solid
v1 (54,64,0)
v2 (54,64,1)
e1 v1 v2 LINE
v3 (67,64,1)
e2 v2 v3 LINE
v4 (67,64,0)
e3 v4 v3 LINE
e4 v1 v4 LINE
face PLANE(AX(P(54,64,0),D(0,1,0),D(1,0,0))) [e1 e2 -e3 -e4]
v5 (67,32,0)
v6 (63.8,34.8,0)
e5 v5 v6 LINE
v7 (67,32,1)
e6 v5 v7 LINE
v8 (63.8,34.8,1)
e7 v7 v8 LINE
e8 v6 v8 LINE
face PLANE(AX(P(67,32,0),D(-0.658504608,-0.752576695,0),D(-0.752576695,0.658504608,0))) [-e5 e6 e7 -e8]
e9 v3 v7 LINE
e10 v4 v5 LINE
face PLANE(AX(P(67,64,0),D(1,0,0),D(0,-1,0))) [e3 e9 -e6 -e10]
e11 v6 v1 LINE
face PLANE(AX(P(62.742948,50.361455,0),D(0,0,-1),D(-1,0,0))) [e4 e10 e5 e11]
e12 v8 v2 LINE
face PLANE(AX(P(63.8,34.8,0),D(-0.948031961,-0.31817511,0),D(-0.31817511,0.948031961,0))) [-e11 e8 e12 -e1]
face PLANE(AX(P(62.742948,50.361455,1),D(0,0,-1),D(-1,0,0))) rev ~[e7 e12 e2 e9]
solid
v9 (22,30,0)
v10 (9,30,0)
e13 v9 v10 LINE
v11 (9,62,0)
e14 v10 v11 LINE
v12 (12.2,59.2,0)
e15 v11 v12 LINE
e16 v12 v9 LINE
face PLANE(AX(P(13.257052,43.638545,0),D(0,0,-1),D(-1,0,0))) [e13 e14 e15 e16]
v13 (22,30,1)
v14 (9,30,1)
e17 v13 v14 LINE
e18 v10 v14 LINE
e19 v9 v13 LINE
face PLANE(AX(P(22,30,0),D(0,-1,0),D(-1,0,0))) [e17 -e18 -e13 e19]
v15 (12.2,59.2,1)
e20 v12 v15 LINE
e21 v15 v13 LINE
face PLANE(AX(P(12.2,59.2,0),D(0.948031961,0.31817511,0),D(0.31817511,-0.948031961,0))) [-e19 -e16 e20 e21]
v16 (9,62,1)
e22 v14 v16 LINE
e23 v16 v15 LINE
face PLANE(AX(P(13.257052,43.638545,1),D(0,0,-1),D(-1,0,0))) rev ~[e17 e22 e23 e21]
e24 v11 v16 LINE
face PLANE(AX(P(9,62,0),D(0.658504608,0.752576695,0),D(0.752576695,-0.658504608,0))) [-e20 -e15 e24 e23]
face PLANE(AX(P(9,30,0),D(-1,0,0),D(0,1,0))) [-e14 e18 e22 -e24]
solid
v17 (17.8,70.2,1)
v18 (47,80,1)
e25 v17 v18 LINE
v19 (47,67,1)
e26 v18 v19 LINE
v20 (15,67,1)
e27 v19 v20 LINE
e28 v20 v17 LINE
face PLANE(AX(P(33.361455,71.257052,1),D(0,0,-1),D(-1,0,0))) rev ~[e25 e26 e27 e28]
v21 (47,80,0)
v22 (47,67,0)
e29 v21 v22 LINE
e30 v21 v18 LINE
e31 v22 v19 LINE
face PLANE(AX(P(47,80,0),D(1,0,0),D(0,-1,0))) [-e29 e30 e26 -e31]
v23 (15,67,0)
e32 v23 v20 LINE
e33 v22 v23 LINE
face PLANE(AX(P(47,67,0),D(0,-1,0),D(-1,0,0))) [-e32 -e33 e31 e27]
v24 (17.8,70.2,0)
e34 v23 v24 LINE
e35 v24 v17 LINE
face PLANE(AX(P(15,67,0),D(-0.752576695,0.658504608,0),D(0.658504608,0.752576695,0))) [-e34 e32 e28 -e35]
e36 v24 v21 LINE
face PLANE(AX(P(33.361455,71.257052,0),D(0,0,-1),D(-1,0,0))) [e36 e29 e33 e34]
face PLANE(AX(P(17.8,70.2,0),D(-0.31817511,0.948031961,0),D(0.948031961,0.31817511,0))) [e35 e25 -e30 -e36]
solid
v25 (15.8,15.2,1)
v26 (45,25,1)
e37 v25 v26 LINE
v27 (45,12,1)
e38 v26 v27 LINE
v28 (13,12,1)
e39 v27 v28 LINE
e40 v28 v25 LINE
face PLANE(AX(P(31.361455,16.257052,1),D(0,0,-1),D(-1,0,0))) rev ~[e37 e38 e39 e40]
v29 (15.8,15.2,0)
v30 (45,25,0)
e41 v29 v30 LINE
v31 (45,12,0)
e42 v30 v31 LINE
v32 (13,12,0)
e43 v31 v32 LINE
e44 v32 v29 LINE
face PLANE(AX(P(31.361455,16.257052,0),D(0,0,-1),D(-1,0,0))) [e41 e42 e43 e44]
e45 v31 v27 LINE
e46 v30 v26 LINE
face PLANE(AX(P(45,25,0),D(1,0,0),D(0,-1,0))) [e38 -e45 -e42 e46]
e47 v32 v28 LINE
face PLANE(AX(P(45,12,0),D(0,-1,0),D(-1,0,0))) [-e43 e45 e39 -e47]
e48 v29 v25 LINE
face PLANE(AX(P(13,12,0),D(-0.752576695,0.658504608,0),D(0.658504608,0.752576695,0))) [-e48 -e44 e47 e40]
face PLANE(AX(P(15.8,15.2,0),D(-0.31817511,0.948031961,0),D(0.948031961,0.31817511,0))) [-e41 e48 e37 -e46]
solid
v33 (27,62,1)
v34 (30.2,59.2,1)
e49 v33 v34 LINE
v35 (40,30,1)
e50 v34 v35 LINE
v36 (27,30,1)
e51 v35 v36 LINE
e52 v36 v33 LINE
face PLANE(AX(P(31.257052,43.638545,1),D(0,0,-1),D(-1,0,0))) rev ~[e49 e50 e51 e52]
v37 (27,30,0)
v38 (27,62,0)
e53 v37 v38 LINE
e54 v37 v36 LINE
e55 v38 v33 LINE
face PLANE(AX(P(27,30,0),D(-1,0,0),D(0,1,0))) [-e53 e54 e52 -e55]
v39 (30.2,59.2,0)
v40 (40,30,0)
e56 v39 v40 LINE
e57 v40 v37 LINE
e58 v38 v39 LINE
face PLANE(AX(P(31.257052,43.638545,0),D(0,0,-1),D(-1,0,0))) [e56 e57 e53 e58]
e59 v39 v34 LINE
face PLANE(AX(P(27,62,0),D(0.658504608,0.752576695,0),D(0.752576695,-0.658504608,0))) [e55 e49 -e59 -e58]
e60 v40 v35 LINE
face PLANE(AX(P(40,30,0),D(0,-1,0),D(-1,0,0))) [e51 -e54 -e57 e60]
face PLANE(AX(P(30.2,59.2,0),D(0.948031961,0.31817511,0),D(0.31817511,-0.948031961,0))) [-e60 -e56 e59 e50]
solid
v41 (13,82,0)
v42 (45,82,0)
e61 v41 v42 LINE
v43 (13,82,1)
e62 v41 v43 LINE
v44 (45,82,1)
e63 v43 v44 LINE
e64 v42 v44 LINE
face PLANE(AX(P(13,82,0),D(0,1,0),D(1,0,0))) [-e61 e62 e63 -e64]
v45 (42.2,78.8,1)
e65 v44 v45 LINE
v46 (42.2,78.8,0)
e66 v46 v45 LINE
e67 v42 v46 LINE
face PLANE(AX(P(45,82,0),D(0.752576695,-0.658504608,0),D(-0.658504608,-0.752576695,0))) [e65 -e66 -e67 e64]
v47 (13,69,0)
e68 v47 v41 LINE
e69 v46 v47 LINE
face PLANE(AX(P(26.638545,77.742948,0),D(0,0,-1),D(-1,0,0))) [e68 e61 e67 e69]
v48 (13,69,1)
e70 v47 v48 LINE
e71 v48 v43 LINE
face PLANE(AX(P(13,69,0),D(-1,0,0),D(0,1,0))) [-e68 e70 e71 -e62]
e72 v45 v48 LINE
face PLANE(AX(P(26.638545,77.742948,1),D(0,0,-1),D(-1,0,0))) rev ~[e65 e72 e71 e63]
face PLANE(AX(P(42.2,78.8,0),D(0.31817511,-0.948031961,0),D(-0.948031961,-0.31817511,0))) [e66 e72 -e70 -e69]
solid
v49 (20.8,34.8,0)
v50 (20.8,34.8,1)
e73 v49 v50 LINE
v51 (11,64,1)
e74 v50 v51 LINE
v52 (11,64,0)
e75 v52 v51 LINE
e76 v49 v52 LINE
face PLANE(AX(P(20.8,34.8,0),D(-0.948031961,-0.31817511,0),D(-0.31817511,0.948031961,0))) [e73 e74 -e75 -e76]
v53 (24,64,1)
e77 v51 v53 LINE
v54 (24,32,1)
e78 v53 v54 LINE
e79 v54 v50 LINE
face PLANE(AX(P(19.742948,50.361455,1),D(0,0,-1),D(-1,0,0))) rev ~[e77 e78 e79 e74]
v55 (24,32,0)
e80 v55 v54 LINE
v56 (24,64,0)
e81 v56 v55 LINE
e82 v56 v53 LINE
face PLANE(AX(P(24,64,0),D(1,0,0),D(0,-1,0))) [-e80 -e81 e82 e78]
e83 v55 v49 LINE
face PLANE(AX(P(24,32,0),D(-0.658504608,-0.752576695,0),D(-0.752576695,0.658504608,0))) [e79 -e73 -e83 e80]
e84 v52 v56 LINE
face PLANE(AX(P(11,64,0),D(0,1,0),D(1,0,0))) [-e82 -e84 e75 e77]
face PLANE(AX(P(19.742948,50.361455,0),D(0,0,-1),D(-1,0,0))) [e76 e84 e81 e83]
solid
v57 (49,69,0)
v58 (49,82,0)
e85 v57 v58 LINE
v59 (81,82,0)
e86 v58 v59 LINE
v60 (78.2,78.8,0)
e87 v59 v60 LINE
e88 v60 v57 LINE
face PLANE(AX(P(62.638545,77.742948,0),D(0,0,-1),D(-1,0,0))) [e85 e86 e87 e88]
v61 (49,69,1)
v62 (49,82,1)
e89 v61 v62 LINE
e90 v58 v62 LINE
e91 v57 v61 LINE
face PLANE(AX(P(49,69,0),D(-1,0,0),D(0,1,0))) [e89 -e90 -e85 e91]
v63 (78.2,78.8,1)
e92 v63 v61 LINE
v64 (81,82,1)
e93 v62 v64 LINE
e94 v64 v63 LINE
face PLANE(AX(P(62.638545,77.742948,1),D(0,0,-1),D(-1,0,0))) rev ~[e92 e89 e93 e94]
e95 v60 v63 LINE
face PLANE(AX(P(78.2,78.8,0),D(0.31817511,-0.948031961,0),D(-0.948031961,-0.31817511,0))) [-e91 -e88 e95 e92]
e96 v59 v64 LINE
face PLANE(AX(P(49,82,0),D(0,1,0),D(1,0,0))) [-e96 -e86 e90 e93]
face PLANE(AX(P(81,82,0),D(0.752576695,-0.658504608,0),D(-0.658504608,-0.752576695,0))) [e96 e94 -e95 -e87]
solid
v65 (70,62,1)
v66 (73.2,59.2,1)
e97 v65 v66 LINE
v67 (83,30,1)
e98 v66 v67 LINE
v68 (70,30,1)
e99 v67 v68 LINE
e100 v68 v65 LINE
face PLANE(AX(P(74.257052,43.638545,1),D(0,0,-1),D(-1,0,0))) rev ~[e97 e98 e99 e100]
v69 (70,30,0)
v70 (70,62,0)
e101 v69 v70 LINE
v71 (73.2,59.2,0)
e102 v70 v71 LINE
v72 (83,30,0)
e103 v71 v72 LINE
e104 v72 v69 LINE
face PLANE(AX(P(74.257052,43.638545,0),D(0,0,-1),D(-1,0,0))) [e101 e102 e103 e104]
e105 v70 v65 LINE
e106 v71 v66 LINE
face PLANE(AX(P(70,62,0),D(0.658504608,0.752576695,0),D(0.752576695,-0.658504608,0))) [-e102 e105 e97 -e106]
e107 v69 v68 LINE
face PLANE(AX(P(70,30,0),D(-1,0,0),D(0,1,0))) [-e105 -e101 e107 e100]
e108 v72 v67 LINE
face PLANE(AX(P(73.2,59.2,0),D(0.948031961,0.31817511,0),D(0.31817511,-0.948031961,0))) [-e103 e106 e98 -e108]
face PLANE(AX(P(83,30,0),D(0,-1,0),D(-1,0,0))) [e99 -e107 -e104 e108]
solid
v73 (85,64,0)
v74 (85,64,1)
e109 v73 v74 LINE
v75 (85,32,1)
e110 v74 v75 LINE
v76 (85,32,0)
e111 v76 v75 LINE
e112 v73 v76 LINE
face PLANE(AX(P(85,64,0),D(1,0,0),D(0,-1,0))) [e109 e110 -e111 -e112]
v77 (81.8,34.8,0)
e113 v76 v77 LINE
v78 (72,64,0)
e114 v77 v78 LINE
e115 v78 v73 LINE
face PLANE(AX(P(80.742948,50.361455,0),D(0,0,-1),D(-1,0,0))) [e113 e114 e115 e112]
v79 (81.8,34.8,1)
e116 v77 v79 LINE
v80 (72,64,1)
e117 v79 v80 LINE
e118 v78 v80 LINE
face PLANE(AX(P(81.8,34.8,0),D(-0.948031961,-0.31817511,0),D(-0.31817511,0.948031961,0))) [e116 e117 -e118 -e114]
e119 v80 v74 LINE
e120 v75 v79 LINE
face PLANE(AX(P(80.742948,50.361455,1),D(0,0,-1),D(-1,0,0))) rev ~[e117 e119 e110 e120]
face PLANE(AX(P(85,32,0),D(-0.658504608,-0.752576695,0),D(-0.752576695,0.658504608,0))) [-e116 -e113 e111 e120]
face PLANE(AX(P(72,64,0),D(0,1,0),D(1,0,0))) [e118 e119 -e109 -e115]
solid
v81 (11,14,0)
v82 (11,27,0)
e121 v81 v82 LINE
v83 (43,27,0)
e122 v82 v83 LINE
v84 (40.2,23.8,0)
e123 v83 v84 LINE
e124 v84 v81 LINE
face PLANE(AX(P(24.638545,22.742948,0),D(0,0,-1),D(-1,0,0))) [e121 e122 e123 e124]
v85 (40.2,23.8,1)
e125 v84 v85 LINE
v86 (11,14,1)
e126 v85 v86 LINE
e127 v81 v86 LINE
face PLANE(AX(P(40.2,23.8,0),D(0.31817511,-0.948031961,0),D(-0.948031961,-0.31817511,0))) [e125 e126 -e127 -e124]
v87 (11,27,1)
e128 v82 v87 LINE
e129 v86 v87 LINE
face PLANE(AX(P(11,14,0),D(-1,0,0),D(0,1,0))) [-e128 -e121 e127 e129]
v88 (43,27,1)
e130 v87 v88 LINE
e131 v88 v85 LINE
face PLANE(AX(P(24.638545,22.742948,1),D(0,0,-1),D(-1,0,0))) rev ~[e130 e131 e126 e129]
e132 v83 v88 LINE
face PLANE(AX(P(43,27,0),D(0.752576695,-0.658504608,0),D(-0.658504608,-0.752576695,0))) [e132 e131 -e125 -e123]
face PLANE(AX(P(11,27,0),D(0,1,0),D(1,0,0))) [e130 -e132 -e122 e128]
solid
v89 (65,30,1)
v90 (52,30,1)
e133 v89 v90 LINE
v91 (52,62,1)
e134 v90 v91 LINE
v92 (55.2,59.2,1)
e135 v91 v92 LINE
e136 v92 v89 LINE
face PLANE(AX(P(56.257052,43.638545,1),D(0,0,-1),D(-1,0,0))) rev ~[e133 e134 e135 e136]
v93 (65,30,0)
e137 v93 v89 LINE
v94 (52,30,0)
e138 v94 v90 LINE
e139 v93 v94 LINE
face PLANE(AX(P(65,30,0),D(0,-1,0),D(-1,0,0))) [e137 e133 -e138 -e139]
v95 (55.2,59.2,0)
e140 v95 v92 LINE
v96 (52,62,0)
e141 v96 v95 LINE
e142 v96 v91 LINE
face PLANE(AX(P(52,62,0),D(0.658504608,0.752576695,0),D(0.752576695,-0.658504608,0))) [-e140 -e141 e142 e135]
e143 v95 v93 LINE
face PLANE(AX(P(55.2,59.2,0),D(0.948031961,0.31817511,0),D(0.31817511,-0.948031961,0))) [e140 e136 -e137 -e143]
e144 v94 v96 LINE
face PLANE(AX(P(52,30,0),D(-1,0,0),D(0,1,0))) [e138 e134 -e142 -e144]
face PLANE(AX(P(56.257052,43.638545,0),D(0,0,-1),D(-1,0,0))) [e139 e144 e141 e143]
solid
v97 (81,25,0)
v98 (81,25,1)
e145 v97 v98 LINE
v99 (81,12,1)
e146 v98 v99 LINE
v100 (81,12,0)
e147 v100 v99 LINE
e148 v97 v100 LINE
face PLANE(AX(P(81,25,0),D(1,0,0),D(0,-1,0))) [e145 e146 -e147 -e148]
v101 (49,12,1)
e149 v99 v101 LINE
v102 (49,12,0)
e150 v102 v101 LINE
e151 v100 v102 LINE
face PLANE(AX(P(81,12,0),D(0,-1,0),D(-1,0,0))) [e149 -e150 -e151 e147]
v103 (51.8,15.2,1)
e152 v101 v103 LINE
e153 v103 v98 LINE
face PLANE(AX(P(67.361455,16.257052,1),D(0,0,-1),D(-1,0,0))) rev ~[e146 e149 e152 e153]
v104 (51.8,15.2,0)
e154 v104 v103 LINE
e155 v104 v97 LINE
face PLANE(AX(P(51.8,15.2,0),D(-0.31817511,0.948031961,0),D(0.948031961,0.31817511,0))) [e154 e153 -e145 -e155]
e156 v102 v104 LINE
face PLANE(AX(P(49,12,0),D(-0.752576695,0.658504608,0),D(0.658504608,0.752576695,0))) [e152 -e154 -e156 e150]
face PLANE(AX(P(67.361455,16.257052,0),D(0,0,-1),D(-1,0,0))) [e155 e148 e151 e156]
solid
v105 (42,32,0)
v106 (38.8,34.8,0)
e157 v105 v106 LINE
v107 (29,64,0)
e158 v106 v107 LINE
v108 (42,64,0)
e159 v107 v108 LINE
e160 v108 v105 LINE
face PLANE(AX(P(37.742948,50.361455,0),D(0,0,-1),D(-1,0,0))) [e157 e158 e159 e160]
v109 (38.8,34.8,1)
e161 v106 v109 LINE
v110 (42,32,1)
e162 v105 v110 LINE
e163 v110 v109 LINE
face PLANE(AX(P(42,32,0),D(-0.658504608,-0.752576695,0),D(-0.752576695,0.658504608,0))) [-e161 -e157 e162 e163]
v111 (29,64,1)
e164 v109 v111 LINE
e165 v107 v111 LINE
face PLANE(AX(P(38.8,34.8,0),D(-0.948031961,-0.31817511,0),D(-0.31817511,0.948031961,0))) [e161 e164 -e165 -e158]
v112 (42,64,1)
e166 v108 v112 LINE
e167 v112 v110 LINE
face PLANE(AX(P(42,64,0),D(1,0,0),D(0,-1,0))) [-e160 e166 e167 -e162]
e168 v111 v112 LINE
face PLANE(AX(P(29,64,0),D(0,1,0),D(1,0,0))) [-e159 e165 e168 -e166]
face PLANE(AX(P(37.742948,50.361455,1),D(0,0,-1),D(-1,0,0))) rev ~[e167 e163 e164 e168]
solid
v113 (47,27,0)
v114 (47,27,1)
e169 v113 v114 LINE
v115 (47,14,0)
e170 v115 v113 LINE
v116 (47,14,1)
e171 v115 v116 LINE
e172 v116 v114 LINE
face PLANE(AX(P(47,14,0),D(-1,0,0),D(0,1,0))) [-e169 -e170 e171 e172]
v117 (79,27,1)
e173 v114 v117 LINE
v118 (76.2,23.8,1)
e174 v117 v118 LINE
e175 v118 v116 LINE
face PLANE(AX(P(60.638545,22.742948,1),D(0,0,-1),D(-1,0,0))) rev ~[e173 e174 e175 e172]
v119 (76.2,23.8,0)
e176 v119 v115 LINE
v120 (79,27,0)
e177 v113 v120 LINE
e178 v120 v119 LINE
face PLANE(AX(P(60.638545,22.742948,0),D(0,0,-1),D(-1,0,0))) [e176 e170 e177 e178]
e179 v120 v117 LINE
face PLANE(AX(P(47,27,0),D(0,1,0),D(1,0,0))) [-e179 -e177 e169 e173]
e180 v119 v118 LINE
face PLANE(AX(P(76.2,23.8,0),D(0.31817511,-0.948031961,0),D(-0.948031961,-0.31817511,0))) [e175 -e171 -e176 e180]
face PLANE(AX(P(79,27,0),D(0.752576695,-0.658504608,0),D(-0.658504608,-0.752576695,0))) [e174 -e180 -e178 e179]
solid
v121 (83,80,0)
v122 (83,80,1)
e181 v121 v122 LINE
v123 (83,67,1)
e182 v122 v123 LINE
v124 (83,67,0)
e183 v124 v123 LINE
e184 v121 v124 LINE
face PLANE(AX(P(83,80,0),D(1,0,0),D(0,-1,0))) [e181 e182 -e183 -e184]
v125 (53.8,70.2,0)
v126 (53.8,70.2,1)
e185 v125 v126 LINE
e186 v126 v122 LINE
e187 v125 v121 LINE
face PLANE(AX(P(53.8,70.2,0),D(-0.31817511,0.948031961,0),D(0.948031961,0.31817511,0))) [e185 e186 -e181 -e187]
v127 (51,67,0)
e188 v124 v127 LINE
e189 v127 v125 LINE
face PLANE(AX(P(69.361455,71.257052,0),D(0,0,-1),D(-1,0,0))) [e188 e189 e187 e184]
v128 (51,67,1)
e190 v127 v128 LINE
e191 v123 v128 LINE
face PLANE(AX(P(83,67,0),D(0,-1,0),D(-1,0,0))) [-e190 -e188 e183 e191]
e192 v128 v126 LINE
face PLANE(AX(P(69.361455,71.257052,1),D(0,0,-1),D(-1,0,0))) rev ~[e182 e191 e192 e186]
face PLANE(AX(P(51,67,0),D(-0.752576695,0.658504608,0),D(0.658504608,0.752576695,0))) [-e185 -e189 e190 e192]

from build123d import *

# Parameters (mm, degrees)
BOSS_EXTRUDE1_DEPTH    = 1
BOSS_EXTRUDE1_2_DEPTH  = 1
BOSS_EXTRUDE1_3_DEPTH  = 1
BOSS_EXTRUDE1_4_DEPTH  = 1
BOSS_EXTRUDE1_5_DEPTH  = 1
BOSS_EXTRUDE1_6_DEPTH  = 1
BOSS_EXTRUDE1_7_DEPTH  = 1
BOSS_EXTRUDE1_8_DEPTH  = 1
BOSS_EXTRUDE1_9_DEPTH  = 1
BOSS_EXTRUDE1_10_DEPTH = 1
BOSS_EXTRUDE1_11_DEPTH = 1
BOSS_EXTRUDE1_12_DEPTH = 1
BOSS_EXTRUDE1_13_DEPTH = 1
BOSS_EXTRUDE1_14_DEPTH = 1
BOSS_EXTRUDE1_15_DEPTH = 1
BOSS_EXTRUDE1_16_DEPTH = 1


with BuildPart() as part:
    # Sketch 21 → Boss-Extrude1 (new body)
    with BuildSketch(Plane.XY):
        Polygon((45, 12), (13, 12), (15.8, 15.2), (45, 25), align=None)
    extrude(amount=BOSS_EXTRUDE1_DEPTH)


with BuildPart() as body_2:
    # Sketch 21 → Boss-Extrude1 2 (new body)
    with BuildSketch(Plane.XY):
        Polygon((11, 27), (43, 27), (40.2, 23.8), (11, 14), align=None)
    extrude(amount=BOSS_EXTRUDE1_2_DEPTH)


with BuildPart() as body_3:
    # Sketch 21 → Boss-Extrude1 3 (new body)
    with BuildSketch(Plane.XY):
        Polygon((47, 27), (79, 27), (76.2, 23.8), (47, 14), align=None)
    extrude(amount=BOSS_EXTRUDE1_3_DEPTH)


with BuildPart() as body_4:
    # Sketch 21 → Boss-Extrude1 4 (new body)
    with BuildSketch(Plane.XY):
        Polygon((81, 12), (49, 12), (51.8, 15.2), (81, 25), align=None)
    extrude(amount=BOSS_EXTRUDE1_4_DEPTH)


with BuildPart() as body_5:
    # Sketch 21 → Boss-Extrude1 5 (new body)
    with BuildSketch(Plane.XY):
        Polygon((9, 30), (9, 62), (12.2, 59.2), (22, 30), align=None)
    extrude(amount=BOSS_EXTRUDE1_5_DEPTH)


with BuildPart() as body_6:
    # Sketch 21 → Boss-Extrude1 6 (new body)
    with BuildSketch(Plane.XY):
        Polygon((24, 64), (24, 32), (20.8, 34.8), (11, 64), align=None)
    extrude(amount=BOSS_EXTRUDE1_6_DEPTH)


with BuildPart() as body_7:
    # Sketch 21 → Boss-Extrude1 7 (new body)
    with BuildSketch(Plane.XY):
        Polygon((27, 30), (27, 62), (30.2, 59.2), (40, 30), align=None)
    extrude(amount=BOSS_EXTRUDE1_7_DEPTH)


with BuildPart() as body_8:
    # Sketch 21 → Boss-Extrude1 8 (new body)
    with BuildSketch(Plane.XY):
        Polygon((42, 64), (42, 32), (38.8, 34.8), (29, 64), align=None)
    extrude(amount=BOSS_EXTRUDE1_8_DEPTH)


with BuildPart() as body_9:
    # Sketch 21 → Boss-Extrude1 9 (new body)
    with BuildSketch(Plane.XY):
        Polygon((52, 30), (52, 62), (55.2, 59.2), (65, 30), align=None)
    extrude(amount=BOSS_EXTRUDE1_9_DEPTH)


with BuildPart() as body_10:
    # Sketch 21 → Boss-Extrude1 10 (new body)
    with BuildSketch(Plane.XY):
        Polygon((67, 64), (67, 32), (63.8, 34.8), (54, 64), align=None)
    extrude(amount=BOSS_EXTRUDE1_10_DEPTH)


with BuildPart() as body_11:
    # Sketch 21 → Boss-Extrude1 11 (new body)
    with BuildSketch(Plane.XY):
        Polygon((70, 30), (70, 62), (73.2, 59.2), (83, 30), align=None)
    extrude(amount=BOSS_EXTRUDE1_11_DEPTH)


with BuildPart() as body_12:
    # Sketch 21 → Boss-Extrude1 12 (new body)
    with BuildSketch(Plane.XY):
        Polygon((85, 64), (85, 32), (81.8, 34.8), (72, 64), align=None)
    extrude(amount=BOSS_EXTRUDE1_12_DEPTH)


with BuildPart() as body_13:
    # Sketch 21 → Boss-Extrude1 13 (new body)
    with BuildSketch(Plane.XY):
        Polygon((47, 67), (15, 67), (17.8, 70.2), (47, 80), align=None)
    extrude(amount=BOSS_EXTRUDE1_13_DEPTH)


with BuildPart() as body_14:
    # Sketch 21 → Boss-Extrude1 14 (new body)
    with BuildSketch(Plane.XY):
        Polygon((13, 82), (45, 82), (42.2, 78.8), (13, 69), align=None)
    extrude(amount=BOSS_EXTRUDE1_14_DEPTH)


with BuildPart() as body_15:
    # Sketch 21 → Boss-Extrude1 15 (new body)
    with BuildSketch(Plane.XY):
        Polygon((49, 82), (81, 82), (78.2, 78.8), (49, 69), align=None)
    extrude(amount=BOSS_EXTRUDE1_15_DEPTH)


with BuildPart() as body_16:
    # Sketch 21 → Boss-Extrude1 16 (new body)
    with BuildSketch(Plane.XY):
        Polygon((83, 67), (51, 67), (53.8, 70.2), (83, 80), align=None)
    extrude(amount=BOSS_EXTRUDE1_16_DEPTH)


solid = Compound([part.part, body_2.part, body_3.part, body_4.part, body_5.part, body_6.part, body_7.part, body_8.part, body_9.part, body_10.part, body_11.part, body_12.part, body_13.part, body_14.part, body_15.part, body_16.part])
